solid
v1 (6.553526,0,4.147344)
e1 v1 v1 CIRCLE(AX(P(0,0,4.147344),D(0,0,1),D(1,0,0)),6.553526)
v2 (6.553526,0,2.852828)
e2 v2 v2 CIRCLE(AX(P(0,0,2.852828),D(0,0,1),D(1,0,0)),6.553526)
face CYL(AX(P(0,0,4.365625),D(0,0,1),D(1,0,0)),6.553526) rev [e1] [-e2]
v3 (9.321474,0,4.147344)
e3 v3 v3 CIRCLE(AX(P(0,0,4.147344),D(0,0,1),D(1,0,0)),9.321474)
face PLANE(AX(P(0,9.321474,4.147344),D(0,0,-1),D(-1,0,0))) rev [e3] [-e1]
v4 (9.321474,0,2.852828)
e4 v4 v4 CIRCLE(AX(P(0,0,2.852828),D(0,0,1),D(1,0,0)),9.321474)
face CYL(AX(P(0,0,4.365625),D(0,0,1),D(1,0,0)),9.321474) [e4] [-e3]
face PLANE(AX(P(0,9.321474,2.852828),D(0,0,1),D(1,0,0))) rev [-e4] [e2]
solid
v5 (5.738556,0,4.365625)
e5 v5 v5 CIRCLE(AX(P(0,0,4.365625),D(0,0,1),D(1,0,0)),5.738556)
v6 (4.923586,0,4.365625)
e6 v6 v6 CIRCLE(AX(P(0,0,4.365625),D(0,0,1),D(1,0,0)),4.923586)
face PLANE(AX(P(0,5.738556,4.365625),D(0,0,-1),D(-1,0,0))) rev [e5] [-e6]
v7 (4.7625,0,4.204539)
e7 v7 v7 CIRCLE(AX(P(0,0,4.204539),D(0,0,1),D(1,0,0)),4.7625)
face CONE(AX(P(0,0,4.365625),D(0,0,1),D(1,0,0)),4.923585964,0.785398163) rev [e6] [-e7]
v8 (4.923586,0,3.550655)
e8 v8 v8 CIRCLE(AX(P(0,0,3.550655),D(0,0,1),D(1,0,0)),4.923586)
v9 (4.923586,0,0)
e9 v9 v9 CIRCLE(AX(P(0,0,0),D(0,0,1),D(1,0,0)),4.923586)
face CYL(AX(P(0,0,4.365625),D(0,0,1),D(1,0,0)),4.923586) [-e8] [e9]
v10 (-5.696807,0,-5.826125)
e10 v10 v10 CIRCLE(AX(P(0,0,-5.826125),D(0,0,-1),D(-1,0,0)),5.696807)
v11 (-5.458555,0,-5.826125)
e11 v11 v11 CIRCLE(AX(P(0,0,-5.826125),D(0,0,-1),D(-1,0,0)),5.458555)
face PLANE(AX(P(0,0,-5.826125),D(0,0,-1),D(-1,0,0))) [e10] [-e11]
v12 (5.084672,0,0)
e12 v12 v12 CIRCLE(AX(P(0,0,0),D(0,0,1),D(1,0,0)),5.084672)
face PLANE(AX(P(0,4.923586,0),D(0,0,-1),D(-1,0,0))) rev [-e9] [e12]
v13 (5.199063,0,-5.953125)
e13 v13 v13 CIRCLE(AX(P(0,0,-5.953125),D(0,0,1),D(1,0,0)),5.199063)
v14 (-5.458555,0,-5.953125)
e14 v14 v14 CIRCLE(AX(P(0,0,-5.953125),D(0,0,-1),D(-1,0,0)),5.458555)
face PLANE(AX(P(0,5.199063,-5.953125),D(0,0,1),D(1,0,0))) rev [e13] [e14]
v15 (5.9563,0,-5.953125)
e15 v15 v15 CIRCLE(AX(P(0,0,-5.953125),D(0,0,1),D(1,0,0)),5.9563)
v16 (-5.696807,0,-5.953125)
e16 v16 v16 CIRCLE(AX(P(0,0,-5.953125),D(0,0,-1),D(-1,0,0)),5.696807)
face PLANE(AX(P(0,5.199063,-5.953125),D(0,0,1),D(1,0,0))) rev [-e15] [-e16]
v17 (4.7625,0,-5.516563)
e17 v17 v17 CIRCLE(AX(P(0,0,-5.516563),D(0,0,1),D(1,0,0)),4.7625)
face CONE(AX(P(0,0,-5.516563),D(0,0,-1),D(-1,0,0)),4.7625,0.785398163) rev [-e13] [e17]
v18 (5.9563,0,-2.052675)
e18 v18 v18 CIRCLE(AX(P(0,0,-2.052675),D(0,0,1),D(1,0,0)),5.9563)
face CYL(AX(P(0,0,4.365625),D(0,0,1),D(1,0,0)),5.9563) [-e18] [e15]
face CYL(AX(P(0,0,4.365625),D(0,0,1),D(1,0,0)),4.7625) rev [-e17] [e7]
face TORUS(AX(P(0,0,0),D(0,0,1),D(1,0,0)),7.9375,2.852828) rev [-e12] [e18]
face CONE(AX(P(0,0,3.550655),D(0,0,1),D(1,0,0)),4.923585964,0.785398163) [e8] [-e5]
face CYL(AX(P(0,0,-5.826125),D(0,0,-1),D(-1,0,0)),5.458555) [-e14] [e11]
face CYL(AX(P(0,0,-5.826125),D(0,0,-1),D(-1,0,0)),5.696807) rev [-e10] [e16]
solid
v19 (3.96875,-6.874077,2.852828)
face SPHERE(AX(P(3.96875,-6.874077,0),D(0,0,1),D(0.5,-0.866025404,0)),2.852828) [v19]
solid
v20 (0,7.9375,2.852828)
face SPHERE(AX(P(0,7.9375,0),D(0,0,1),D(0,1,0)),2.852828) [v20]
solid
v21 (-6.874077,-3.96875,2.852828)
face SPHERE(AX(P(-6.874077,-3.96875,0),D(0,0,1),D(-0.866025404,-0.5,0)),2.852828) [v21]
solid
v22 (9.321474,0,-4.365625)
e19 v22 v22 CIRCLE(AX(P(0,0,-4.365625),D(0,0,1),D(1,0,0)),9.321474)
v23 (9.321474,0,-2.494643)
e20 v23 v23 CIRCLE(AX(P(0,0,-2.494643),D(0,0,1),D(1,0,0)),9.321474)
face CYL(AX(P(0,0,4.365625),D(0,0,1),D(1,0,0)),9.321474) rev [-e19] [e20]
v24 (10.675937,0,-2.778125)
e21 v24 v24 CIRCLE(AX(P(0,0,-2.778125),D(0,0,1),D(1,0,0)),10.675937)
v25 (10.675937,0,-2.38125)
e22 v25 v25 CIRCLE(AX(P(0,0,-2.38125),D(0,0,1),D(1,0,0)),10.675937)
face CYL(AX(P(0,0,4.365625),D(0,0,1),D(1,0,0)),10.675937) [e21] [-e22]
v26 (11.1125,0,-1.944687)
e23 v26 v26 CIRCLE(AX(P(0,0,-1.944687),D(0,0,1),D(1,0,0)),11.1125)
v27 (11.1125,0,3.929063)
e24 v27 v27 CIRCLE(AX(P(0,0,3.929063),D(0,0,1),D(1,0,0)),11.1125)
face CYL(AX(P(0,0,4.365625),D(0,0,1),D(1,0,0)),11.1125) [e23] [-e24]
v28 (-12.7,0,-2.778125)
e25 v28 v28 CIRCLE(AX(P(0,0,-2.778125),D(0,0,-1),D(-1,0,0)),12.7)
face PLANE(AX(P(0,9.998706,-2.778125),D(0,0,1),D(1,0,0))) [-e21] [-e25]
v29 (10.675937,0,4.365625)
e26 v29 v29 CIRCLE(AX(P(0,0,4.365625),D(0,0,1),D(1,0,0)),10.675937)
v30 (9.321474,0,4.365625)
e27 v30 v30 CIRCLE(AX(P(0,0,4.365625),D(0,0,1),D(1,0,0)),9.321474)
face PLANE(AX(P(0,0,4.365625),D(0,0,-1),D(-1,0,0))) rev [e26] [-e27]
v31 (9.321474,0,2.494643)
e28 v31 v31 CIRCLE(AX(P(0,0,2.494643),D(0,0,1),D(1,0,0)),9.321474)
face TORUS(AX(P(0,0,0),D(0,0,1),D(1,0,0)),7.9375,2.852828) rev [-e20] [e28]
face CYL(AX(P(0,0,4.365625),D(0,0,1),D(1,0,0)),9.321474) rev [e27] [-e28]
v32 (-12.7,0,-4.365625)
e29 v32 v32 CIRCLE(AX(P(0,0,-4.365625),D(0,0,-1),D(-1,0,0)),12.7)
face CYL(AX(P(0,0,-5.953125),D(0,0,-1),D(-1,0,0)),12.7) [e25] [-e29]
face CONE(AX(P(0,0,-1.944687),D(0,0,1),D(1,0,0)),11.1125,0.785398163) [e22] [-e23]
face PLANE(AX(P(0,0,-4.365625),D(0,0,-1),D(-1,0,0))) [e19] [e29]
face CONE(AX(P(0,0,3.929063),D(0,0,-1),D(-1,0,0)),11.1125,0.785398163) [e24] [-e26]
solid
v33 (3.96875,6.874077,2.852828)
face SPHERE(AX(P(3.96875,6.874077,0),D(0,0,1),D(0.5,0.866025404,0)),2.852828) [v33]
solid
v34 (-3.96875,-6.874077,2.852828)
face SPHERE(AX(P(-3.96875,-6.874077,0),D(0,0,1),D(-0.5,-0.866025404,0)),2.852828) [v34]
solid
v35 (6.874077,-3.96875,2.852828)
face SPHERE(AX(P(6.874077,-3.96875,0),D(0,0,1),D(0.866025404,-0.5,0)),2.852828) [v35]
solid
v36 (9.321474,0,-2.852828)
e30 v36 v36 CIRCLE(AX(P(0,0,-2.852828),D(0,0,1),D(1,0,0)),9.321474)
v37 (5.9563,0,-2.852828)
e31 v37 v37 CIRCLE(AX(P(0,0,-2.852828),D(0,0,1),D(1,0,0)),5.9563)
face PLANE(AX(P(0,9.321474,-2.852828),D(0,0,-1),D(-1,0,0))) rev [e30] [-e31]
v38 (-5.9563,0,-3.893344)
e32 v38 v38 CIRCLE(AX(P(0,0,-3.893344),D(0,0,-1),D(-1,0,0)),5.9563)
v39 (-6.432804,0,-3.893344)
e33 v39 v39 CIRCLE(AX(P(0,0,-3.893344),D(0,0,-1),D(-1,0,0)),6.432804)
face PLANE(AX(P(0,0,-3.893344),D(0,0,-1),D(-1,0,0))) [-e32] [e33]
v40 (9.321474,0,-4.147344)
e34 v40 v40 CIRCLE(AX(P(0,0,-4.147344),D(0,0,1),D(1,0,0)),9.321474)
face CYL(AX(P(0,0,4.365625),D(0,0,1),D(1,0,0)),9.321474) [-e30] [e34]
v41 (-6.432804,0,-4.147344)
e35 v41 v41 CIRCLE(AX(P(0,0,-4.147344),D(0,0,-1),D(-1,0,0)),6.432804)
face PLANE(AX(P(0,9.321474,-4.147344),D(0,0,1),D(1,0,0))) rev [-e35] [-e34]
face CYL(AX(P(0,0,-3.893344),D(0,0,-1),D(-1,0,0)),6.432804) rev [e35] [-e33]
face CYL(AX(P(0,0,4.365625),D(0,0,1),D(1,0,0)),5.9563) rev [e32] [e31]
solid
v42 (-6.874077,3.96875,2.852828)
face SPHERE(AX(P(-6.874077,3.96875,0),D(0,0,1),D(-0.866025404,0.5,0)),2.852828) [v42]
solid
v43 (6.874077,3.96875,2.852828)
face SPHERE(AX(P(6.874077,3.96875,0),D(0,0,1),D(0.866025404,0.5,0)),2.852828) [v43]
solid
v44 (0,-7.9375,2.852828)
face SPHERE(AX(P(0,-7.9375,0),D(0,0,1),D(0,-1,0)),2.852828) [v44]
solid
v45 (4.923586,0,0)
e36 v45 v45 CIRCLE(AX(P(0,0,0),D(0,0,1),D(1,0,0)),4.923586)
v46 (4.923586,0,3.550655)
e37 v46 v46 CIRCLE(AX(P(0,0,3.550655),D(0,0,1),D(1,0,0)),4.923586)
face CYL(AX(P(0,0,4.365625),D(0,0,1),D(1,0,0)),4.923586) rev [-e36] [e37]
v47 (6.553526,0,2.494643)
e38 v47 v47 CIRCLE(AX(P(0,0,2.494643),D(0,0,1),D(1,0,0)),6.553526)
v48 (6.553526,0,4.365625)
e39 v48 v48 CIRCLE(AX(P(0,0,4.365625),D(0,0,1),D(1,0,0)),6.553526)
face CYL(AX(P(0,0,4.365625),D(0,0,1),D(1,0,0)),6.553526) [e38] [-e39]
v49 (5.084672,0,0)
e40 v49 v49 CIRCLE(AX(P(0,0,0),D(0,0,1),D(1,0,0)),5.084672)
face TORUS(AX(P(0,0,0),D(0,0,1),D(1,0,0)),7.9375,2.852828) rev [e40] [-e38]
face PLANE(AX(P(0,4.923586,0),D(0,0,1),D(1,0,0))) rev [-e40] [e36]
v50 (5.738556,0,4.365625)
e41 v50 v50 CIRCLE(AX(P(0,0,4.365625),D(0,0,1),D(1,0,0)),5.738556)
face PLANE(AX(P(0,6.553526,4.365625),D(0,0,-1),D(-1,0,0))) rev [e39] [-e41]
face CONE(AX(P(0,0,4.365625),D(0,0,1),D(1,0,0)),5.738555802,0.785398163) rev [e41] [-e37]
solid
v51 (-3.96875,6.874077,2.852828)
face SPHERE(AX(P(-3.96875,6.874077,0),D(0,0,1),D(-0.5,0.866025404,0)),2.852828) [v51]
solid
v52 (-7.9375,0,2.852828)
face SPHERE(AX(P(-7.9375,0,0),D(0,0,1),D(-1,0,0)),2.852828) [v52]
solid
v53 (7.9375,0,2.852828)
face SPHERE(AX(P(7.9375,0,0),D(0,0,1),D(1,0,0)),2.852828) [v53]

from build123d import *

# Parameters (mm, degrees)
SKETCH5_W          = 1.5875
SKETCH5_H          = 2.701294071
CIRPATTERN1_COUNT  = 12
SKETCH7_W          = 1.294515678
SKETCH7_H          = 2.767948718
SKETCH7_H_2        = 3.365174359
SKETCH9_R          = 5.69680725
SKETCH9_R_2        = 5.45855525
CUT_EXTRUDE1_DEPTH = 0.127
SKETCH10_R         = 6.432804
SKETCH10_R_2       = 5.9563
CUT_EXTRUDE2_DEPTH = 0.254


with BuildPart() as part:
    # Sketch8 → Revolve7 (revolve)
    with BuildSketch(Plane(origin=(0, 0, 0), x_dir=(0, 0, -1), z_dir=(1, 0, 0))):
        with BuildLine():
            Line((4.365625, 10.6759375), (3.9290625, 11.1125))
            Line((3.9290625, 11.1125), (-3.9290625, 11.1125))
            Line((-3.9290625, 11.1125), (-4.365625, 10.6759375))
            Line((-4.365625, 10.6759375), (-4.365625, 9.321474359))
            Line((-4.365625, 9.321474359), (-2.494642857, 9.321474359))
            ThreePointArc((-2.494642857, 9.321474359), (0, 10.790328072), (2.494642857, 9.321474359))
            Line((2.494642857, 9.321474359), (4.365625, 9.321474359))
            Line((4.365625, 9.321474359), (4.365625, 10.6759375))
        make_face()
    revolve(axis=Axis((0, 0, 4.365625), (0, 0, -1)))

    # Sketch5 → Revolve5 (revolve)
    with BuildSketch(Plane(origin=(0, 0, 0), x_dir=(0, 0, -1), z_dir=(1, 0, 0))):
        with Locations((3.571875, 11.349352964)):
            Rectangle(SKETCH5_W, SKETCH5_H)
    revolve(axis=Axis((0, 0, -5.953125), (0, 0, 1)))

    # Sketch6 → Cut-Revolve1 (revolve, cut)
    with BuildSketch(Plane(origin=(0, 0, 0), x_dir=(0, 0, -1), z_dir=(1, 0, 0))):
        Polygon((1.9446875, 11.1125), (2.38125, 10.6759375), (2.778125, 10.6759375), (2.778125, 11.1125), align=None)
    revolve(axis=Axis((0, 0, 4.365625), (0, 0, -1)), mode=Mode.SUBTRACT)


with BuildPart() as body_2:
    # Sketch2 → Revolve2 (revolve)
    with BuildSketch(Plane(origin=(0, 0, 0), x_dir=(0, 0, -1), z_dir=(1, 0, 0))):
        with BuildLine():
            Line((-4.365625, 6.553525641), (-2.494642857, 6.553525641))
            ThreePointArc((-2.494642857, 6.553525641), (-1.447478343, 5.479160223), (0, 5.084671928))
            Line((0, 5.084671928), (0, 4.923585964))
            Line((0, 4.923585964), (-3.550655161, 4.923585964))
            Line((-3.550655161, 4.923585964), (-4.365625, 5.738555802))
            Line((-4.365625, 5.738555802), (-4.365625, 6.553525641))
        make_face()
    revolve(axis=Axis((0, 0, 4.365625), (0, 0, -1)))


with BuildPart() as body_3:
    # Sketch3 → Revolve3 (revolve)
    with BuildSketch(Plane(origin=(0, 0, 0), x_dir=(0, 0, -1), z_dir=(1, 0, 0))):
        with BuildLine():
            Line((-4.365625, 5.738555802), (-3.550655161, 4.923585964))
            Line((-3.550655161, 4.923585964), (0, 4.923585964))
            Line((0, 4.923585964), (0, 5.084671928))
            ThreePointArc((0, 5.084671928), (1.11503476, 5.31160482), (2.052674979, 5.9563))
            Line((2.052674979, 5.9563), (5.953125, 5.9563))
            Line((5.953125, 5.9563), (5.953125, 5.1990625))
            Line((5.953125, 5.1990625), (5.5165625, 4.7625))
            Line((5.5165625, 4.7625), (-4.204539036, 4.7625))
            Line((-4.204539036, 4.7625), (-4.365625, 4.923585964))
            Line((-4.365625, 4.923585964), (-4.365625, 5.738555802))
        make_face()
    revolve(axis=Axis((0, 0, 4.365625), (0, 0, -1)))

    # Sketch9 → Cut-Extrude1 (cut)
    with BuildSketch(Plane(origin=(0, 0, -5.953125), x_dir=(-1, 0, 0), z_dir=(0, 0, -1))):
        Circle(SKETCH9_R)
        Circle(SKETCH9_R_2, mode=Mode.SUBTRACT)
    extrude(amount=-CUT_EXTRUDE1_DEPTH, mode=Mode.SUBTRACT)


with BuildPart() as body_4:
    # Sketch4 → Revolve4 (revolve)
    with BuildSketch(Plane(origin=(0, 0, 0), x_dir=(0, 0, -1), z_dir=(1, 0, 0))):
        with BuildLine():
            Line((-2.852828072, 7.9375), (2.852828072, 7.9375))
            ThreePointArc((2.852828072, 7.9375), (0, 10.790328072), (-2.852828072, 7.9375))
        make_face()
    revolve(axis=Axis((0, 7.9375, 2.852828072), (0, 0, -1)))


with BuildPart() as cirpattern1_1:
    # CirPattern1: pattern copy
    add(body_4.part.rotate(Axis((0, 0, 4.365625), (0, 0, -1)), 1 * 360 / CIRPATTERN1_COUNT))


with BuildPart() as cirpattern1_2:
    # CirPattern1: pattern copy
    add(body_4.part.rotate(Axis((0, 0, 4.365625), (0, 0, -1)), 2 * 360 / CIRPATTERN1_COUNT))


with BuildPart() as cirpattern1_3:
    # CirPattern1: pattern copy
    add(body_4.part.rotate(Axis((0, 0, 4.365625), (0, 0, -1)), 3 * 360 / CIRPATTERN1_COUNT))


with BuildPart() as cirpattern1_4:
    # CirPattern1: pattern copy
    add(body_4.part.rotate(Axis((0, 0, 4.365625), (0, 0, -1)), 4 * 360 / CIRPATTERN1_COUNT))


with BuildPart() as cirpattern1_5:
    # CirPattern1: pattern copy
    add(body_4.part.rotate(Axis((0, 0, 4.365625), (0, 0, -1)), 5 * 360 / CIRPATTERN1_COUNT))


with BuildPart() as cirpattern1_6:
    # CirPattern1: pattern copy
    add(body_4.part.rotate(Axis((0, 0, 4.365625), (0, 0, -1)), 6 * 360 / CIRPATTERN1_COUNT))


with BuildPart() as cirpattern1_7:
    # CirPattern1: pattern copy
    add(body_4.part.rotate(Axis((0, 0, 4.365625), (0, 0, -1)), 7 * 360 / CIRPATTERN1_COUNT))


with BuildPart() as cirpattern1_8:
    # CirPattern1: pattern copy
    add(body_4.part.rotate(Axis((0, 0, 4.365625), (0, 0, -1)), 8 * 360 / CIRPATTERN1_COUNT))


with BuildPart() as cirpattern1_9:
    # CirPattern1: pattern copy
    add(body_4.part.rotate(Axis((0, 0, 4.365625), (0, 0, -1)), 9 * 360 / CIRPATTERN1_COUNT))


with BuildPart() as cirpattern1_10:
    # CirPattern1: pattern copy
    add(body_4.part.rotate(Axis((0, 0, 4.365625), (0, 0, -1)), 10 * 360 / CIRPATTERN1_COUNT))


with BuildPart() as cirpattern1_11:
    # CirPattern1: pattern copy
    add(body_4.part.rotate(Axis((0, 0, 4.365625), (0, 0, -1)), 11 * 360 / CIRPATTERN1_COUNT))


with BuildPart() as body_16:
    # Sketch7 → Revolve6 (revolve)
    with BuildSketch(Plane(origin=(0, 0, 0), x_dir=(0, 0, -1), z_dir=(1, 0, 0))):
        with Locations((-3.500085911, 7.9375)):
            Rectangle(SKETCH7_W, SKETCH7_H)
        with Locations((3.500085911, 7.63888718)):
            Rectangle(SKETCH7_W, SKETCH7_H_2)
    revolve(axis=Axis((0, 0, 4.365625), (0, 0, -1)))

    # Sketch10 → Cut-Extrude2 (cut)
    with BuildSketch(Plane(origin=(0, 0, -4.14734375), x_dir=(-1, 0, 0), z_dir=(0, 0, -1))):
        Circle(SKETCH10_R)
        Circle(SKETCH10_R_2, mode=Mode.SUBTRACT)
    extrude(amount=-CUT_EXTRUDE2_DEPTH, mode=Mode.SUBTRACT)


solid = Compound([part.part, body_2.part, body_3.part, body_4.part, cirpattern1_1.part, cirpattern1_2.part, cirpattern1_3.part, cirpattern1_4.part, cirpattern1_5.part, cirpattern1_6.part, cirpattern1_7.part, cirpattern1_8.part, cirpattern1_9.part, cirpattern1_10.part, cirpattern1_11.part, body_16.part])
